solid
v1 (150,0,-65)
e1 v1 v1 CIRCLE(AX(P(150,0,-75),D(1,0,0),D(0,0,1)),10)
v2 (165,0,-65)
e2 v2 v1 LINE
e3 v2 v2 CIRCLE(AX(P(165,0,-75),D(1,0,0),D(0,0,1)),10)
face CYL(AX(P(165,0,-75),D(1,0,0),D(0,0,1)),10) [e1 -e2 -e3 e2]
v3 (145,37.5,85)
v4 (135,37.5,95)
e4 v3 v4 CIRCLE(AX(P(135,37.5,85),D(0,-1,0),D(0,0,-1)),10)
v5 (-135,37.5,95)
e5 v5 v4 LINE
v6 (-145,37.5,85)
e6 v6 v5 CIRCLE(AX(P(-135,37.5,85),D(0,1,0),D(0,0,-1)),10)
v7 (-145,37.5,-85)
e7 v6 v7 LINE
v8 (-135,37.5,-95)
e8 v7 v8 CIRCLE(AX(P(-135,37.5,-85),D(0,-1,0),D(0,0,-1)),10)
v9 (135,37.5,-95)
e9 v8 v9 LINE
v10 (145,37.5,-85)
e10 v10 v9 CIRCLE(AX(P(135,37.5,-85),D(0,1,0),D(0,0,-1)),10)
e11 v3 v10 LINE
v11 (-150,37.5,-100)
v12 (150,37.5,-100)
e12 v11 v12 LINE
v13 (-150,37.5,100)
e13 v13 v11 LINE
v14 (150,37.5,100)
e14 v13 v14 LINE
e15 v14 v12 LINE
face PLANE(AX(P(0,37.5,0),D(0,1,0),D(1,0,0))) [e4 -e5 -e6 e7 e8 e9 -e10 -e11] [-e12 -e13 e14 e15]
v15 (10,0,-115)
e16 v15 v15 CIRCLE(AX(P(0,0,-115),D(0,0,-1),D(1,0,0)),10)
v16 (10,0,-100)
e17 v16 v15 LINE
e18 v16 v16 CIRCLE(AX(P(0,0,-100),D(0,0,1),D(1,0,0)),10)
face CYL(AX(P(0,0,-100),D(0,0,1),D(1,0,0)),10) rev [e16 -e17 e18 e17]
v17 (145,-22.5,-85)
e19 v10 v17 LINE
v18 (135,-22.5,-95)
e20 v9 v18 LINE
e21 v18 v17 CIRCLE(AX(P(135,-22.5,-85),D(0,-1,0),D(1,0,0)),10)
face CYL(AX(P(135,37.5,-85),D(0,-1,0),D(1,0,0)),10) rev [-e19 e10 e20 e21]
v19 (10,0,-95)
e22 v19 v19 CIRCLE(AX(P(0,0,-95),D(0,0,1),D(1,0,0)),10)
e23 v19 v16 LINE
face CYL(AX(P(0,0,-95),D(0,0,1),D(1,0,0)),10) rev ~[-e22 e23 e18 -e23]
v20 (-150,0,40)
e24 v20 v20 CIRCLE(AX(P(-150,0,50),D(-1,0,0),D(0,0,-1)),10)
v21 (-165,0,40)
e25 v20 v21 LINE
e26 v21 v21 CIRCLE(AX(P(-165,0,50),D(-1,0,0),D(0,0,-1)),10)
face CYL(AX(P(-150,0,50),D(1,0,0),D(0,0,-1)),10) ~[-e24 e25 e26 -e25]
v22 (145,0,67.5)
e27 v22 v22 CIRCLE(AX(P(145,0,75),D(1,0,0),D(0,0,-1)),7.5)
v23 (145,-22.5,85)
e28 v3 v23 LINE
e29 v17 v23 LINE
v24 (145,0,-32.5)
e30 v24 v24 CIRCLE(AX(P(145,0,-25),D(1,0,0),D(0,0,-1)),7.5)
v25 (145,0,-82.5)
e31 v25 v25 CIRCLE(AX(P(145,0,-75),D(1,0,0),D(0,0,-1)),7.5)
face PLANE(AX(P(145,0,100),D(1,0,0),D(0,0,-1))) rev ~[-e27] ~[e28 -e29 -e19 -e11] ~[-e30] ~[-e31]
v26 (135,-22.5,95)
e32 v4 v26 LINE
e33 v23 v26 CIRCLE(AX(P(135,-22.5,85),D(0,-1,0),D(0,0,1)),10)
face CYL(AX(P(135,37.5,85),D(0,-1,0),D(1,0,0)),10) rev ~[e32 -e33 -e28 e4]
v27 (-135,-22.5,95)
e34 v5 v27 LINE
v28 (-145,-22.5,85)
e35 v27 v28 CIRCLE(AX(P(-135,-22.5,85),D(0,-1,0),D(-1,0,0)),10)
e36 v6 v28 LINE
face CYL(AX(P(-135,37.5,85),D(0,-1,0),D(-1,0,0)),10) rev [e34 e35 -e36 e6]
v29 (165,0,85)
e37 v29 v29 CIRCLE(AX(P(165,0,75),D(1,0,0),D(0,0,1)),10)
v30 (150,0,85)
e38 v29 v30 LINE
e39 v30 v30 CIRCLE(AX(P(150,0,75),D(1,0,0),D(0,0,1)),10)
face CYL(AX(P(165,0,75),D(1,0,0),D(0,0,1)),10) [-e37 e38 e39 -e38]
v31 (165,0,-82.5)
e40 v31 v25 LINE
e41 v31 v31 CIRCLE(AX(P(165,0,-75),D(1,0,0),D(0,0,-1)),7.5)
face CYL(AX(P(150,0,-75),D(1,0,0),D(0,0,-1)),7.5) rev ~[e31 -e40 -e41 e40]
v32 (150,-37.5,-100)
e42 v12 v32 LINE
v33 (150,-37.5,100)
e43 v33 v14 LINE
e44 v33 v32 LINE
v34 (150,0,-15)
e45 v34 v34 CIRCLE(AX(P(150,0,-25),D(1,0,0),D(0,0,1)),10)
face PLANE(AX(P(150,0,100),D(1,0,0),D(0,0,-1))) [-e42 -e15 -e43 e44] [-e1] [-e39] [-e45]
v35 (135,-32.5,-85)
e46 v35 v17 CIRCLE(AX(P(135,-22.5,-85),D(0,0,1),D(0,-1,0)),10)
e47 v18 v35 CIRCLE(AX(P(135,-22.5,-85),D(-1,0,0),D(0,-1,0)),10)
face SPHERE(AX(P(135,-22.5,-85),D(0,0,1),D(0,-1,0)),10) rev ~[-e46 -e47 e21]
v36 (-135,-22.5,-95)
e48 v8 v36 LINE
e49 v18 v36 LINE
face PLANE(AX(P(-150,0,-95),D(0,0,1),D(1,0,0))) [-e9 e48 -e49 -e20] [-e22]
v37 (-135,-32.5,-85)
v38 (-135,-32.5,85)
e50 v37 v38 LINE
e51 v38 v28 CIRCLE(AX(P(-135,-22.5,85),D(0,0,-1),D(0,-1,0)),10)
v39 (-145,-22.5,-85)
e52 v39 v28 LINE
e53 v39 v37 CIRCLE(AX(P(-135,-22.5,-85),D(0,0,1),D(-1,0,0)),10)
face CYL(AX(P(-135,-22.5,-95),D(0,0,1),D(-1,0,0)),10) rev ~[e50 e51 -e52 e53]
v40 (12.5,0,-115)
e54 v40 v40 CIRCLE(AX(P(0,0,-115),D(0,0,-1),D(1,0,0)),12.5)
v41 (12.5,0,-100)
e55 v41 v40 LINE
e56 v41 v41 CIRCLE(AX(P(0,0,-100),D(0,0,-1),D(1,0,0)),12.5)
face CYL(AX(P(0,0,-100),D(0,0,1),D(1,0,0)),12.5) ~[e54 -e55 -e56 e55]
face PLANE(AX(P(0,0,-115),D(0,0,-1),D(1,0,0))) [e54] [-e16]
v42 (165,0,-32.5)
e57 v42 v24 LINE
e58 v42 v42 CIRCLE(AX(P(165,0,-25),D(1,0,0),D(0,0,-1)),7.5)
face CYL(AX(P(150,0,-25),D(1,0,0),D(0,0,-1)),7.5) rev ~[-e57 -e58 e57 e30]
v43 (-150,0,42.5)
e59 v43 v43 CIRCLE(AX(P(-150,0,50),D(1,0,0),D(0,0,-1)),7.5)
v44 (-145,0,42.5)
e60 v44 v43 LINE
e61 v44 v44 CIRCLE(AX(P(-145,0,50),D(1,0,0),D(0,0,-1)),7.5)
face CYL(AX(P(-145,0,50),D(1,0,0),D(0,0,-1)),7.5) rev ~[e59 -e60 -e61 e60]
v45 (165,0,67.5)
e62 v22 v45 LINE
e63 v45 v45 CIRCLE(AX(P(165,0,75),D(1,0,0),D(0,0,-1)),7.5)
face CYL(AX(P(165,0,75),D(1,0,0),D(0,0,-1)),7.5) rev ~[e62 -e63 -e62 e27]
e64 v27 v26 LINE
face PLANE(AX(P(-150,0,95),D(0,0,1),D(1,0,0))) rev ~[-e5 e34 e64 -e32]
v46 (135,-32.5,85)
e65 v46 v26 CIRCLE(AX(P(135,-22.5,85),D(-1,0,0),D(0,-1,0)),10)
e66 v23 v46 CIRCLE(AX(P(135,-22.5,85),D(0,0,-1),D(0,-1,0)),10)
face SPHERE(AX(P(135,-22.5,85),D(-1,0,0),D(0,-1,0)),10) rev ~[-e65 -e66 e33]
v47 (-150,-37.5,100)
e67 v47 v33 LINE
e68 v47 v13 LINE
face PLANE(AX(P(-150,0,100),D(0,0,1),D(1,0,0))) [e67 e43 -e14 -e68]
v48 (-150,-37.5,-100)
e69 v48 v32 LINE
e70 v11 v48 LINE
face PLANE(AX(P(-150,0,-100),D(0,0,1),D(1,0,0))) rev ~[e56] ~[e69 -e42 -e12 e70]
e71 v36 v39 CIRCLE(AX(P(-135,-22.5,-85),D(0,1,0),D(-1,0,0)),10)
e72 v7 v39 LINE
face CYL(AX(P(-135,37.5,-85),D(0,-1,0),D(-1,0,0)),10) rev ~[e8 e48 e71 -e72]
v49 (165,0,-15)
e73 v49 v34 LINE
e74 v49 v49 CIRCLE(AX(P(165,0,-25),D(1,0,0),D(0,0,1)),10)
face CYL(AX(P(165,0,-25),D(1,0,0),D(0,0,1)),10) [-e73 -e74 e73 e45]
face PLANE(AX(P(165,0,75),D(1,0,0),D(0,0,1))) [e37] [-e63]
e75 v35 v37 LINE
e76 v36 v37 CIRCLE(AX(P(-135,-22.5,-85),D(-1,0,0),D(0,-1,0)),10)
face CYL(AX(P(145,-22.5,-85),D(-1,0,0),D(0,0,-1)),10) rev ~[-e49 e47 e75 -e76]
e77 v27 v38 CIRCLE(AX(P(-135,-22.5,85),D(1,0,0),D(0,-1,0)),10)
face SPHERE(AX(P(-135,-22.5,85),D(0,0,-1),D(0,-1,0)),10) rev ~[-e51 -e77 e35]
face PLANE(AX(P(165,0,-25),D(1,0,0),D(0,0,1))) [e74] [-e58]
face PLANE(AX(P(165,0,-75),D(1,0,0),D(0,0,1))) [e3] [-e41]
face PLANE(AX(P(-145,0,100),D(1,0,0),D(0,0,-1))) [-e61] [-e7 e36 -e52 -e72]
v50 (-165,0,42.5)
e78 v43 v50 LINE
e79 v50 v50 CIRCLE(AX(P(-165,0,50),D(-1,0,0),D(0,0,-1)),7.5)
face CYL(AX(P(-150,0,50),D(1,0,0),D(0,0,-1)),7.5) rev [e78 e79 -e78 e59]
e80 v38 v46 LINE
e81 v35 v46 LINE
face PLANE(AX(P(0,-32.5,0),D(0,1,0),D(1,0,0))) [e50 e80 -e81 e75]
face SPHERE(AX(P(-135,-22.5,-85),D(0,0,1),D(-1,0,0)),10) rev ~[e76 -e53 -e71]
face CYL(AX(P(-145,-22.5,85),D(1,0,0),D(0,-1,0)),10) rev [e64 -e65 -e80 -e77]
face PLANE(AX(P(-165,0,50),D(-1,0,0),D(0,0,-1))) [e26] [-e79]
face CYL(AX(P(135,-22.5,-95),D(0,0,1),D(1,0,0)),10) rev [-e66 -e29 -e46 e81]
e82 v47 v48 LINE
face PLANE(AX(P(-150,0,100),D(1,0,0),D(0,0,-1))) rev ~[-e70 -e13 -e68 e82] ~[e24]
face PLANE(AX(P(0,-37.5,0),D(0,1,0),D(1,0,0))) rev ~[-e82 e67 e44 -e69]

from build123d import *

# Parameters (mm, degrees)
SKETCH1_W           = 300
SKETCH1_H           = 200
BOSS_EXTRUDE1_DEPTH = 37.5
SHELL1_T            = -5
FILLET1_R           = 10
SKETCH2_R           = 7.5
CUT_EXTRUDE1_DEPTH  = 5
SKETCH3_R           = 7.5
CUT_EXTRUDE2_DEPTH  = 5
SKETCH4_R           = 10
CUT_EXTRUDE3_DEPTH  = 5
BOSS_EXTRUDE2_START = 15
SKETCH5_R           = 10
SKETCH5_R_2         = 7.5
BOSS_EXTRUDE2_DEPTH = 15
SKETCH6_R           = 10
SKETCH6_R_2         = 7.5
BOSS_EXTRUDE3_DEPTH = 15
SKETCH7_R           = 12.5
SKETCH7_R_2         = 10
BOSS_EXTRUDE4_DEPTH = 15


with BuildPart() as part:
    # Sketch1 → Boss-Extrude1 (new, symmetric)
    with BuildSketch(Plane(origin=(0, 0, 0), x_dir=(1, 0, 0), z_dir=(0, 1, 0))):
        Rectangle(SKETCH1_W, SKETCH1_H)
    extrude(amount=BOSS_EXTRUDE1_DEPTH, both=True)

    # Shell1
    shell1_openings = [part.faces().sort_by_distance(p)[0] for p in [
        (0, 37.5, 0),
    ]]
    offset(amount=SHELL1_T, openings=shell1_openings, kind=Kind.INTERSECTION)

    # Fillet1
    fillet1_edges = [part.edges().sort_by_distance(p)[0] for p in [
        (-145, -32.5, 0),
        (-145, 2.5, -95),
        (0, -32.5, 95),
        (-145, 2.5, 95),
        (145, -32.5, 0),
        (145, 2.5, 95),
        (0, -32.5, -95),
        (145, 2.5, -95),
    ]]
    fillet(fillet1_edges, radius=FILLET1_R)

    # Sketch2 → Cut-Extrude1 (cut)
    with BuildSketch(Plane(origin=(150, 0, 0), x_dir=(0, 0, -1), z_dir=(1, 0, 0))):
        with Locations((75, 0)):
            Circle(SKETCH2_R)
        with Locations((25, 0)):
            Circle(SKETCH2_R)
        with Locations((-75, 0)):
            Circle(SKETCH2_R)
    extrude(amount=-CUT_EXTRUDE1_DEPTH, mode=Mode.SUBTRACT)

    # Sketch3 → Cut-Extrude2 (cut)
    with BuildSketch(Plane(origin=(-145, 0, 0), x_dir=(0, 0, -1), z_dir=(1, 0, 0))):
        with Locations((-50, 0)):
            Circle(SKETCH3_R)
    extrude(amount=-CUT_EXTRUDE2_DEPTH, mode=Mode.SUBTRACT)

    # Sketch4 → Cut-Extrude3 (cut)
    with BuildSketch(Plane.XY.offset(-95)):
        Circle(SKETCH4_R)
    extrude(amount=-CUT_EXTRUDE3_DEPTH, mode=Mode.SUBTRACT)

    # Sketch5 → Boss-Extrude2 (add)
    # profile 1 of 3: a face of its own
    with BuildSketch(Plane(origin=(150, 0, 0), x_dir=(0, 0, -1), z_dir=(1, 0, 0)).offset(BOSS_EXTRUDE2_START)):
        with Locations(Location((-75, 0, 0), (0, 0, 180))):
            Circle(SKETCH5_R)
        with Locations((-75, 0)):
            Circle(SKETCH5_R_2, mode=Mode.SUBTRACT)
    # profile 2 of 3: a face of its own
    with BuildSketch(Plane(origin=(150, 0, 0), x_dir=(0, 0, -1), z_dir=(1, 0, 0)).offset(BOSS_EXTRUDE2_START)):
        with Locations(Location((25, 0, 0), (0, 0, 180))):
            Circle(SKETCH5_R)
        with Locations((25, 0)):
            Circle(SKETCH5_R_2, mode=Mode.SUBTRACT)
    # profile 3 of 3: a face of its own
    with BuildSketch(Plane(origin=(150, 0, 0), x_dir=(0, 0, -1), z_dir=(1, 0, 0)).offset(BOSS_EXTRUDE2_START)):
        with Locations(Location((75, 0, 0), (0, 0, 180))):
            Circle(SKETCH5_R)
        with Locations((75, 0)):
            Circle(SKETCH5_R_2, mode=Mode.SUBTRACT)
    extrude(amount=-BOSS_EXTRUDE2_DEPTH)

    # Sketch6 → Boss-Extrude3 (add)
    with BuildSketch(Plane.ZY.offset(150)):
        with Locations(Location((50, 0, 0), (0, 0, 180))):
            Circle(SKETCH6_R)
        with Locations(Location((50, 0, 0), (0, 0, 180))):
            Circle(SKETCH6_R_2, mode=Mode.SUBTRACT)
    extrude(amount=BOSS_EXTRUDE3_DEPTH)

    # Sketch7 → Boss-Extrude4 (add)
    with BuildSketch(Plane(origin=(0, 0, -100), x_dir=(-1, 0, 0), z_dir=(0, 0, -1))):
        with Locations(Location((0, 0, 0), (0, 0, 180))):
            Circle(SKETCH7_R)
        with Locations(Location((0, 0, 0), (0, 0, 180))):
            Circle(SKETCH7_R_2, mode=Mode.SUBTRACT)
    extrude(amount=BOSS_EXTRUDE4_DEPTH)


solid = part.part
